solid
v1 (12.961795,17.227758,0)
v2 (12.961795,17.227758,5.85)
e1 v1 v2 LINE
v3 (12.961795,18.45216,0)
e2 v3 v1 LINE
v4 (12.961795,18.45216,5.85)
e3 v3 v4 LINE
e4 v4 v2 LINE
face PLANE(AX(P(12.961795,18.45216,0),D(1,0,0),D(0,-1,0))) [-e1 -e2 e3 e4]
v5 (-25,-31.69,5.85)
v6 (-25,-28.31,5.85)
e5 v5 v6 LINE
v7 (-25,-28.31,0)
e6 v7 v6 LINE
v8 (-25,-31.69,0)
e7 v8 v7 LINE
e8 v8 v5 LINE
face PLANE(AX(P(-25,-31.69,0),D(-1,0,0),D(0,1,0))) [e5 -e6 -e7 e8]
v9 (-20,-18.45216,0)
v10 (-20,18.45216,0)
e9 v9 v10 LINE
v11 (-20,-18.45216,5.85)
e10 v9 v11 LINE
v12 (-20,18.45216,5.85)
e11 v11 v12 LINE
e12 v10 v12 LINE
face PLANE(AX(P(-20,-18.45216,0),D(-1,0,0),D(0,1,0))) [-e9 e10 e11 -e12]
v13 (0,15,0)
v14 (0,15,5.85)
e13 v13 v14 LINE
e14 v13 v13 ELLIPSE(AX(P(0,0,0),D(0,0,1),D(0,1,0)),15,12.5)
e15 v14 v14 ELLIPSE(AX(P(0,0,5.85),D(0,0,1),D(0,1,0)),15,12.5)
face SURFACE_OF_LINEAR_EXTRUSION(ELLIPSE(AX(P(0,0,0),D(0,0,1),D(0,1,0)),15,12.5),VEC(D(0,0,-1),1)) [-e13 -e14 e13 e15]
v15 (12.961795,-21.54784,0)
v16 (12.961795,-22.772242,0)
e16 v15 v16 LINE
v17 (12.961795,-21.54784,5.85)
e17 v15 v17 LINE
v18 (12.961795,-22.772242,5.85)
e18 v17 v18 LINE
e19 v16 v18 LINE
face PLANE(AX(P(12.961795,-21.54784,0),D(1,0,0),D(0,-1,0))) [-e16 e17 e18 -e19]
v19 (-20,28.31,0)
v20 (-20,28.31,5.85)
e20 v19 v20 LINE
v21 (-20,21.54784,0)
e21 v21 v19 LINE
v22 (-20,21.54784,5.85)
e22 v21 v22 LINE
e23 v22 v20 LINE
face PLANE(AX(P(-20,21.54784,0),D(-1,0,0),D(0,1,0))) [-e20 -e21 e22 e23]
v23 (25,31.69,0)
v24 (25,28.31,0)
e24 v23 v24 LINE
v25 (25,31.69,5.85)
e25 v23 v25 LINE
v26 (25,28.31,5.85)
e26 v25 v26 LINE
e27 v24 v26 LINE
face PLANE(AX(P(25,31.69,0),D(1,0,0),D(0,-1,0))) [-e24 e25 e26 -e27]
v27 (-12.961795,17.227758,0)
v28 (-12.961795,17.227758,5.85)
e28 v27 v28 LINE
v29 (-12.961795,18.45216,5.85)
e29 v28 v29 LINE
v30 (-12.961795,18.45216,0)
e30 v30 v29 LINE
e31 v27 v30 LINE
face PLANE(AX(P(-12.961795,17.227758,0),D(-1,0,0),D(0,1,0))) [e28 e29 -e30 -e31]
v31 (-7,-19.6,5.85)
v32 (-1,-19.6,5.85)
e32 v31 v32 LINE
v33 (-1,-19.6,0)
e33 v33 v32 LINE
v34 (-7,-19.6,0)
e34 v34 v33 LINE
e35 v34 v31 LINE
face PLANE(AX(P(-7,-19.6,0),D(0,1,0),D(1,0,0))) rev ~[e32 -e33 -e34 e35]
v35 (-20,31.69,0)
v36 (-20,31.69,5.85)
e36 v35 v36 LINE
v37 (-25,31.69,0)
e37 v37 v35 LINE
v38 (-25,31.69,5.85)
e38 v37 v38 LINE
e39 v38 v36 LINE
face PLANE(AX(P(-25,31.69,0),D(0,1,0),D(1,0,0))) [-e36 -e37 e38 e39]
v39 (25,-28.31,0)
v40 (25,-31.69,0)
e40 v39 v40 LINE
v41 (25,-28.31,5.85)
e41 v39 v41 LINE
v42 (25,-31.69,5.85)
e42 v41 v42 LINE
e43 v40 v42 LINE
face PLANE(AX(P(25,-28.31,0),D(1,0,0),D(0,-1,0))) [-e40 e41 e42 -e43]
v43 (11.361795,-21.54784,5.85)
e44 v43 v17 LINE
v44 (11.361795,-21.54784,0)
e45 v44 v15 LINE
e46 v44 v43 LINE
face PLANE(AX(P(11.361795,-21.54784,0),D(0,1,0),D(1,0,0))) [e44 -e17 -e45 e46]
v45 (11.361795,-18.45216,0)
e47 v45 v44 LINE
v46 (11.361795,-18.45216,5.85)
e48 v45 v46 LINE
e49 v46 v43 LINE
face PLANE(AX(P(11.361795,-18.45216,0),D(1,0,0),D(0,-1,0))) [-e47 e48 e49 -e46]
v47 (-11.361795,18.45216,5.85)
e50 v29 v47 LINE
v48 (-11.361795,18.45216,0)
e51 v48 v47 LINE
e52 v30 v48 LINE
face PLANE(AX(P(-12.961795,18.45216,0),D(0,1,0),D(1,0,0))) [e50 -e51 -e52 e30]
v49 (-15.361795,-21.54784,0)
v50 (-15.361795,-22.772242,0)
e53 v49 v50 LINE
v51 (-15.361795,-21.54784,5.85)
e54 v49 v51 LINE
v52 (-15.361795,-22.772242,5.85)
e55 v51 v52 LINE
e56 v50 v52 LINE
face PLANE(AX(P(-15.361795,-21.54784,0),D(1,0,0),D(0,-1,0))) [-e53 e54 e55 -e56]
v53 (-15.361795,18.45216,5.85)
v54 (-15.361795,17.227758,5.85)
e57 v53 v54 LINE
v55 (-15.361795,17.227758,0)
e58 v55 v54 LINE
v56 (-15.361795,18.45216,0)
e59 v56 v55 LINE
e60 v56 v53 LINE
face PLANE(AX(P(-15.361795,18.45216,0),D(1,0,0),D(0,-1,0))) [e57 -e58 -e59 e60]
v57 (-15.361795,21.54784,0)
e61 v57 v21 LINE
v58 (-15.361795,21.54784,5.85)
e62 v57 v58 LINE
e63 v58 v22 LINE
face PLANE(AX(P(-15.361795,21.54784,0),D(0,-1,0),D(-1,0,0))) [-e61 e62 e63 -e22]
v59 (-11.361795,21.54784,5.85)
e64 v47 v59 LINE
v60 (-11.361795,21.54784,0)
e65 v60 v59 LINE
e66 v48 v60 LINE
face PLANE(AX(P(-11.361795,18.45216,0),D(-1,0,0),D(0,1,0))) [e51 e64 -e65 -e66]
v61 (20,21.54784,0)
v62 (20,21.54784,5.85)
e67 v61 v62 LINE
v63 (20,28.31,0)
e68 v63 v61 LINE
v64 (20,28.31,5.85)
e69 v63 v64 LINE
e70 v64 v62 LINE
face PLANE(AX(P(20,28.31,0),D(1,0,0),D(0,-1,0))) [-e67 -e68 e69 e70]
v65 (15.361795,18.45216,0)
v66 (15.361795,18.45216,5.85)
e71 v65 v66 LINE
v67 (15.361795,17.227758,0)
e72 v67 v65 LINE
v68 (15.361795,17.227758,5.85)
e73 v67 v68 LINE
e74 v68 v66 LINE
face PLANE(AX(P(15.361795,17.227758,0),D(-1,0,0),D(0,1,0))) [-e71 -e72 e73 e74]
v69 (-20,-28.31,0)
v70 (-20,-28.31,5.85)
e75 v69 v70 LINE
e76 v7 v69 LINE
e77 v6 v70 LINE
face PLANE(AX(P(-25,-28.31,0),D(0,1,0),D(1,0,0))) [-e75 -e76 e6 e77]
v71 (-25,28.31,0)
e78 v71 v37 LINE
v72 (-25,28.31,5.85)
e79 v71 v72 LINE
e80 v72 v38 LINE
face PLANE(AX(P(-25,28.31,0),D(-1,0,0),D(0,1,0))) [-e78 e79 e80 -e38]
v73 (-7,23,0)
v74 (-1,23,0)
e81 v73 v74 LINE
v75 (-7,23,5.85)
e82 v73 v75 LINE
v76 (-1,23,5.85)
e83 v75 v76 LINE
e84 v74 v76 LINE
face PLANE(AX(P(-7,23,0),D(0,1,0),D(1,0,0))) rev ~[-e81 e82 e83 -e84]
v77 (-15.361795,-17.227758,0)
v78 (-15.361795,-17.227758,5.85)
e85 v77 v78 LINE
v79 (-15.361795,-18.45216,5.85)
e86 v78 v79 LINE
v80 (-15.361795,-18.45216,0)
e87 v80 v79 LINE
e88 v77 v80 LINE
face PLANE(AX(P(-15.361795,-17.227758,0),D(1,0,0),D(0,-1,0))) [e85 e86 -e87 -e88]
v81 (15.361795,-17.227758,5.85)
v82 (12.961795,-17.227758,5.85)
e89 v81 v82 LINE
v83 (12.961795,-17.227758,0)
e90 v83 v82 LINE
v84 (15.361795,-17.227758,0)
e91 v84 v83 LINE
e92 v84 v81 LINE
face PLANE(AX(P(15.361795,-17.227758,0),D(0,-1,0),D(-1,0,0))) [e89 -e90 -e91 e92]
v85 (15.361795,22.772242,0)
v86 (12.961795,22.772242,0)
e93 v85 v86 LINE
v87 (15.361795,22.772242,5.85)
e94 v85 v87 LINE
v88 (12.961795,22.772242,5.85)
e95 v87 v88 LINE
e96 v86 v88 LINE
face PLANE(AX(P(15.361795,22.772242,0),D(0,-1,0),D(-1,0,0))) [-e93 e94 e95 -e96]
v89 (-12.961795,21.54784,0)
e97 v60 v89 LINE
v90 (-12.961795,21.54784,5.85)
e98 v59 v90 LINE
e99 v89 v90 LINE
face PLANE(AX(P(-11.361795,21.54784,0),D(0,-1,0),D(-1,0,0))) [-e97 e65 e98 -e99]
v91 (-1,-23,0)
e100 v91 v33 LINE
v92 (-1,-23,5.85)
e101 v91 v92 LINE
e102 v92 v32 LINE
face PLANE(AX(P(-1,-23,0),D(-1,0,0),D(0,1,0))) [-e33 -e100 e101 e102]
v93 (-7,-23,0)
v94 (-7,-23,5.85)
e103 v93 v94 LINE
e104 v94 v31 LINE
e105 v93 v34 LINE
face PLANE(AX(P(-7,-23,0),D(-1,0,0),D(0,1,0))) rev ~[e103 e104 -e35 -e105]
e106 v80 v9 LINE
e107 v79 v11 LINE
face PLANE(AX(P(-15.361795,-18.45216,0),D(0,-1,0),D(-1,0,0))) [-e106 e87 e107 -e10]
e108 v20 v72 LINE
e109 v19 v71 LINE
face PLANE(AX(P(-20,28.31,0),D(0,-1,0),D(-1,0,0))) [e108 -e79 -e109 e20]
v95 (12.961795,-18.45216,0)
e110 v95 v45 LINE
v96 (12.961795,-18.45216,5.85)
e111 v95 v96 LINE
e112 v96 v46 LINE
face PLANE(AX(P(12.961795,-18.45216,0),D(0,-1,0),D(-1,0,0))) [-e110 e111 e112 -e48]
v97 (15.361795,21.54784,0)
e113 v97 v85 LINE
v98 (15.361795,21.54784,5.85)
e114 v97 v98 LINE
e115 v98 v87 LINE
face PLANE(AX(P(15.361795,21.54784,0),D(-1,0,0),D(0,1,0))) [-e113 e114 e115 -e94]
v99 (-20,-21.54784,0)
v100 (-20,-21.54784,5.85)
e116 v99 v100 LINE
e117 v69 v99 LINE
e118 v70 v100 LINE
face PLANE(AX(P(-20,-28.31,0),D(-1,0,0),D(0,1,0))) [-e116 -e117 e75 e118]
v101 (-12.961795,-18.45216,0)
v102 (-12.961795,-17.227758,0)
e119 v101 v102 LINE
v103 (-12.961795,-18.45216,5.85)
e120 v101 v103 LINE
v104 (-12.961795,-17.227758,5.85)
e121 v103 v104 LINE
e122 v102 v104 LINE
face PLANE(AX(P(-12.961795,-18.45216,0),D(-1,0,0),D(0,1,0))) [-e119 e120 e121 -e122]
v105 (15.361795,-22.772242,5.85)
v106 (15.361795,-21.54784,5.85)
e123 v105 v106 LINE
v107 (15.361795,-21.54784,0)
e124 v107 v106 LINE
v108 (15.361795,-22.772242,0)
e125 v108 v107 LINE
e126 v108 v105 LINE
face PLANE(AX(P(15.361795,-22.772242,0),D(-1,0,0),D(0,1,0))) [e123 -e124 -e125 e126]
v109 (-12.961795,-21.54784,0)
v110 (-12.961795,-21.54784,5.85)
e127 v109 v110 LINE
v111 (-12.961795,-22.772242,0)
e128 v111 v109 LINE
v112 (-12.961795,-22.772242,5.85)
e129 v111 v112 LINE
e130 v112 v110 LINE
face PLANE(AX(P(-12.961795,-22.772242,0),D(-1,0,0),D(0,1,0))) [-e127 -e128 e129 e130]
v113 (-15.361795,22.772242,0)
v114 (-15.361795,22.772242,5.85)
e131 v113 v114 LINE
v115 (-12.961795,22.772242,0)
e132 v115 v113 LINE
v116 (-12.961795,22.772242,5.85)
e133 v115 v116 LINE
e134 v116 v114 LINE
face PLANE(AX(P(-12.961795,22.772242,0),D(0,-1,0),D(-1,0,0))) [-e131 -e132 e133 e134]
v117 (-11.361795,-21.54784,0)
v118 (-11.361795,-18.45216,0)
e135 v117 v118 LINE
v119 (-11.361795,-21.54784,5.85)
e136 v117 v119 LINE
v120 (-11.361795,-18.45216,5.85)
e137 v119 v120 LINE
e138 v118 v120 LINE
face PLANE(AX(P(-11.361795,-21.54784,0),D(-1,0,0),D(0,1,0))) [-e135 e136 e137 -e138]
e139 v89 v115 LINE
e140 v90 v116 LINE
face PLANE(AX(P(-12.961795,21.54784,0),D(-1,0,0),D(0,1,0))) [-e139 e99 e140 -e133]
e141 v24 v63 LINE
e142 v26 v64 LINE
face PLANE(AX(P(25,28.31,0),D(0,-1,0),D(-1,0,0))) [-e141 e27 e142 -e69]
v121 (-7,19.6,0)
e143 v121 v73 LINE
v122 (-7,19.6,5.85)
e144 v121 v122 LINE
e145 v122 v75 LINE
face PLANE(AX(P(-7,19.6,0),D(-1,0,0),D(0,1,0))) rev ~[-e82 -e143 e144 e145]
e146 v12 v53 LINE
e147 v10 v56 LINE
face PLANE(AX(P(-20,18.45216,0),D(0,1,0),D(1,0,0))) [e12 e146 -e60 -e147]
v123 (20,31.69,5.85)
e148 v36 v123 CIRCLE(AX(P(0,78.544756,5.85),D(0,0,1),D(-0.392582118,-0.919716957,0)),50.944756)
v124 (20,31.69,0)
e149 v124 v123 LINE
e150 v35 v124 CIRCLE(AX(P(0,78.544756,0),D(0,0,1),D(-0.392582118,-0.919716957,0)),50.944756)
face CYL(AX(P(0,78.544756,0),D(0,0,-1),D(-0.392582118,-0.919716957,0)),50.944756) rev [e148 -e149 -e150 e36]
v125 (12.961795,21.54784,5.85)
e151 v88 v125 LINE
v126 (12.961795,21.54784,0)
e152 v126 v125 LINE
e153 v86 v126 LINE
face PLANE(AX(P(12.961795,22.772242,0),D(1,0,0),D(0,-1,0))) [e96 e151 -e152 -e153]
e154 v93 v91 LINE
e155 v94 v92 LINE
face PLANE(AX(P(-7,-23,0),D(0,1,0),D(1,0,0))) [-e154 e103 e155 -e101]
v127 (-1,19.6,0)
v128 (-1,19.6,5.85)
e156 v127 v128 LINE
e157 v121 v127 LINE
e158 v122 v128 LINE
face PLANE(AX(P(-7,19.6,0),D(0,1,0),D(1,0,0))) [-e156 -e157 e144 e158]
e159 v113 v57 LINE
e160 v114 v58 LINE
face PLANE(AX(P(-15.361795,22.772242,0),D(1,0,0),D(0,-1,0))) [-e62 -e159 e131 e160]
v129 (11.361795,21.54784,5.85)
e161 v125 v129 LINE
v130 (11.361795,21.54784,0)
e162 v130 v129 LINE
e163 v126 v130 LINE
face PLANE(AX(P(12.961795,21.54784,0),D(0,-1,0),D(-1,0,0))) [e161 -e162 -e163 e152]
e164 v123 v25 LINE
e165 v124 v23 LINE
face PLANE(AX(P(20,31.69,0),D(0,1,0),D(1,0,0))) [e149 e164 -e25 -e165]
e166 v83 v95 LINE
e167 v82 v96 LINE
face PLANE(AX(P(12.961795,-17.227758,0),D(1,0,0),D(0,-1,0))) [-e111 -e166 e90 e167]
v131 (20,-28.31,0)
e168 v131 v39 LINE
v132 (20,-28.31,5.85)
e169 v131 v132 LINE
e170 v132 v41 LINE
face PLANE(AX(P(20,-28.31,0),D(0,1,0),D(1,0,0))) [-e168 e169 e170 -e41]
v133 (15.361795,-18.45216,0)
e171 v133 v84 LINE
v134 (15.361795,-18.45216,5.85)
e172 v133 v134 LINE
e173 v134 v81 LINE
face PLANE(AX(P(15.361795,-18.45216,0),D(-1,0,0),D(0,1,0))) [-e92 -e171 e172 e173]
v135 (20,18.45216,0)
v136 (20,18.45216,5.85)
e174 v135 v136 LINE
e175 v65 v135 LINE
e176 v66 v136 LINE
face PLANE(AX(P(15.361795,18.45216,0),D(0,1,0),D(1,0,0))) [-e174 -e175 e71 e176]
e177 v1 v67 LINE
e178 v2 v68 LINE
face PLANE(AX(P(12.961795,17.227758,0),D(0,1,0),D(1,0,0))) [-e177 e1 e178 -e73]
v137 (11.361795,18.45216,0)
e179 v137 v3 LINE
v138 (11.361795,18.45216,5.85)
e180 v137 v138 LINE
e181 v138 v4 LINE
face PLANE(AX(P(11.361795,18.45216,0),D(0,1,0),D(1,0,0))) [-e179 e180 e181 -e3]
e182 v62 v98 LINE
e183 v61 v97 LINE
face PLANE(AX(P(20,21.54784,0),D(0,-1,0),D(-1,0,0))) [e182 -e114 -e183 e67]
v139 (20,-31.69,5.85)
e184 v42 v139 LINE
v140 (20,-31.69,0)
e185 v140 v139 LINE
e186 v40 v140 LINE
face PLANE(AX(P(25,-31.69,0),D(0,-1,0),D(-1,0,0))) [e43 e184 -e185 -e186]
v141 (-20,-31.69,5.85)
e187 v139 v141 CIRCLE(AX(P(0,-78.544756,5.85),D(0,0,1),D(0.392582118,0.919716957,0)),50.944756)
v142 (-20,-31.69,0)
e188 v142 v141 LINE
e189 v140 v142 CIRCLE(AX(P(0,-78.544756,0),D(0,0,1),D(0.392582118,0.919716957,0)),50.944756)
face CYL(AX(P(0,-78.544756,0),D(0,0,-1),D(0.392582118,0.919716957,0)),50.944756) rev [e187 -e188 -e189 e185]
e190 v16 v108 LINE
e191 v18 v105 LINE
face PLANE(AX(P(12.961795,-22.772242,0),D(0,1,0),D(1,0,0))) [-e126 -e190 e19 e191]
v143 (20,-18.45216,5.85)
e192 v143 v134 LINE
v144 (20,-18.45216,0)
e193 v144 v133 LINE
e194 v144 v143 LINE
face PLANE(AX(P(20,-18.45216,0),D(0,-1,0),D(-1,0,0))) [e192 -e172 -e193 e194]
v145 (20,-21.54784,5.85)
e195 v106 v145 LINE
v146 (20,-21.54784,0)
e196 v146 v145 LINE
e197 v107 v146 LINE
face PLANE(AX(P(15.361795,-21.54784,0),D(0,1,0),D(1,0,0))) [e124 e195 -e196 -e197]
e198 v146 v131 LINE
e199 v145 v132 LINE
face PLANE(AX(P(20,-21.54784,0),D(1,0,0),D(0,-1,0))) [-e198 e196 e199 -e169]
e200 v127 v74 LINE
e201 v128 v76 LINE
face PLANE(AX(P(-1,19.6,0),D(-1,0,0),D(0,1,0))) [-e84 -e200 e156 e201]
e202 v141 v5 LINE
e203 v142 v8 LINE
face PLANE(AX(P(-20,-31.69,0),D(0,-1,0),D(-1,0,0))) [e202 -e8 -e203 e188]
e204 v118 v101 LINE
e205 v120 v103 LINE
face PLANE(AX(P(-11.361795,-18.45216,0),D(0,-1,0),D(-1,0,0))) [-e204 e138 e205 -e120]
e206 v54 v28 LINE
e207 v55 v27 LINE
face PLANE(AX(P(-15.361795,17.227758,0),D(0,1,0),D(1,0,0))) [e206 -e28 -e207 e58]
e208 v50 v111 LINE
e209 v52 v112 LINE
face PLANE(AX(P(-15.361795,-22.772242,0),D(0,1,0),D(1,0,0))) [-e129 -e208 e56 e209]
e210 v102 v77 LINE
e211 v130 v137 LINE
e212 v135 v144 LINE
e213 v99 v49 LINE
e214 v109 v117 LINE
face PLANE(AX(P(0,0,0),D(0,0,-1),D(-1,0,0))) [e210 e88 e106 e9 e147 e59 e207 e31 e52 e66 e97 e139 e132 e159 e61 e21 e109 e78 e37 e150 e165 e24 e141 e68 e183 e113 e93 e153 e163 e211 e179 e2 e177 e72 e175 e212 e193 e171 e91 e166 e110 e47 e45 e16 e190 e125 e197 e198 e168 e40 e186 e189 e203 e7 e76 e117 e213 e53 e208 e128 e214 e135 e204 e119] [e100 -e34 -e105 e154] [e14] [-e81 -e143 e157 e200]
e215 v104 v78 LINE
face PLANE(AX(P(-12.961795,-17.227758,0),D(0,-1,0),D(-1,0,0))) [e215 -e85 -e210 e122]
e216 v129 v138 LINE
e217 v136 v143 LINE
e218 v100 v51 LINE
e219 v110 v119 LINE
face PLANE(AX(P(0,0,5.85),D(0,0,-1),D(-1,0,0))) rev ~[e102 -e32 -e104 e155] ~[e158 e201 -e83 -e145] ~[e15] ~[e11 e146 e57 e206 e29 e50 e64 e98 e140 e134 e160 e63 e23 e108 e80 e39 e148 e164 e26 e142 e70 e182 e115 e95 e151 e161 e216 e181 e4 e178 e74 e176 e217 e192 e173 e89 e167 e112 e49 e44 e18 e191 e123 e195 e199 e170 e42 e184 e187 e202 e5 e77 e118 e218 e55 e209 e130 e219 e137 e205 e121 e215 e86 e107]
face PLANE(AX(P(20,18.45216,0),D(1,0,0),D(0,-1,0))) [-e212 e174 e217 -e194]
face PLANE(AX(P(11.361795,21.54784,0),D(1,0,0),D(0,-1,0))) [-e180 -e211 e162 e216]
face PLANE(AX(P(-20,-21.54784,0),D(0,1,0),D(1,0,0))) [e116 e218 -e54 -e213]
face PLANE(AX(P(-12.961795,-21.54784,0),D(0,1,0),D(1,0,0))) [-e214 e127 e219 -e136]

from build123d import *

# Parameters (mm, degrees)
SKETCH1_RX          = 15
SKETCH1_RY          = 12.5
SKETCH1_W           = 6
SKETCH1_H           = 3.4
BOSS_EXTRUDE1_DEPTH = 5.85


with BuildPart() as part:
    # Sketch1 → Boss-Extrude1 (new body)
    with BuildSketch(Plane.XY):
        with BuildLine():
            Line((12.961794972, -22.772242018), (15.361794972, -22.772242018))
            Line((15.361794972, -22.772242018), (15.361794972, -21.547840006))
            Line((15.361794972, -21.547840006), (20, -21.547840006))
            Line((20, -21.547840006), (20, -28.31))
            Line((20, -28.31), (25, -28.31))
            Line((25, -28.31), (25, -31.69))
            Line((25, -31.69), (20, -31.69))
            ThreePointArc((20, -31.69), (0, -27.6), (-20, -31.69))
            Line((-20, -31.69), (-25, -31.69))
            Line((-25, -31.69), (-25, -28.31))
            Line((-25, -28.31), (-20, -28.31))
            Line((-20, -28.31), (-20, -21.547840006))
            Line((-20, -21.547840006), (-15.361794972, -21.547840006))
            Line((-15.361794972, -21.547840006), (-15.361794972, -22.772242018))
            Line((-15.361794972, -22.772242018), (-12.961794972, -22.772242018))
            Line((-12.961794972, -22.772242018), (-12.961794972, -21.547840006))
            Line((-12.961794972, -21.547840006), (-11.361794972, -21.547840006))
            Line((-11.361794972, -21.547840006), (-11.361794972, -18.452159994))
            Line((-11.361794972, -18.452159994), (-12.961794972, -18.452159994))
            Line((-12.961794972, -18.452159994), (-12.961794972, -17.227757982))
            Line((-12.961794972, -17.227757982), (-15.361794972, -17.227757982))
            Line((-15.361794972, -17.227757982), (-15.361794972, -18.452159994))
            Line((-15.361794972, -18.452159994), (-20, -18.452159994))
            Line((-20, -18.452159994), (-20, 0))
            Line((-20, 0), (-20, 18.452159994))
            Line((-20, 18.452159994), (-15.361794972, 18.452159994))
            Line((-15.361794972, 18.452159994), (-15.361794972, 17.227757982))
            Line((-15.361794972, 17.227757982), (-12.961794972, 17.227757982))
            Line((-12.961794972, 17.227757982), (-12.961794972, 18.452159994))
            Line((-12.961794972, 18.452159994), (-11.361794972, 18.452159994))
            Line((-11.361794972, 18.452159994), (-11.361794972, 21.547840006))
            Line((-11.361794972, 21.547840006), (-12.961794972, 21.547840006))
            Line((-12.961794972, 21.547840006), (-12.961794972, 22.772242018))
            Line((-12.961794972, 22.772242018), (-15.361794972, 22.772242018))
            Line((-15.361794972, 22.772242018), (-15.361794972, 21.547840006))
            Line((-15.361794972, 21.547840006), (-20, 21.547840006))
            Line((-20, 21.547840006), (-20, 28.31))
            Line((-20, 28.31), (-25, 28.31))
            Line((-25, 28.31), (-25, 31.69))
            Line((-25, 31.69), (-20, 31.69))
            ThreePointArc((-20, 31.69), (0, 27.6), (20, 31.69))
            Line((20, 31.69), (25, 31.69))
            Line((25, 31.69), (25, 28.31))
            Line((25, 28.31), (20, 28.31))
            Line((20, 28.31), (20, 21.547840006))
            Line((20, 21.547840006), (15.361794972, 21.547840006))
            Line((15.361794972, 21.547840006), (15.361794972, 22.772242018))
            Line((15.361794972, 22.772242018), (12.961794972, 22.772242018))
            Line((12.961794972, 22.772242018), (12.961794972, 21.547840006))
            Line((12.961794972, 21.547840006), (11.361794972, 21.547840006))
            Line((11.361794972, 21.547840006), (11.361794972, 18.452159994))
            Line((11.361794972, 18.452159994), (12.961794972, 18.452159994))
            Line((12.961794972, 18.452159994), (12.961794972, 17.227757982))
            Line((12.961794972, 17.227757982), (15.361794972, 17.227757982))
            Line((15.361794972, 17.227757982), (15.361794972, 18.452159994))
            Line((15.361794972, 18.452159994), (20, 18.452159994))
            Line((20, 18.452159994), (20, 0))
            Line((20, 0), (20, -18.452159994))
            Line((20, -18.452159994), (15.361794972, -18.452159994))
            Line((15.361794972, -18.452159994), (15.361794972, -17.227757982))
            Line((15.361794972, -17.227757982), (12.961794972, -17.227757982))
            Line((12.961794972, -17.227757982), (12.961794972, -18.452159994))
            Line((12.961794972, -18.452159994), (11.361794972, -18.452159994))
            Line((11.361794972, -18.452159994), (11.361794972, -21.547840006))
            Line((11.361794972, -21.547840006), (12.961794972, -21.547840006))
            Line((12.961794972, -21.547840006), (12.961794972, -22.772242018))
        make_face()
        with Locations(Location((0, 0), (0, 0, 90))):
            Ellipse(SKETCH1_RX, SKETCH1_RY, mode=Mode.SUBTRACT)
        with Locations((-4, 21.3)):
            Rectangle(SKETCH1_W, SKETCH1_H, mode=Mode.SUBTRACT)
        with Locations((-4, -21.3)):
            Rectangle(SKETCH1_W, SKETCH1_H, mode=Mode.SUBTRACT)
    extrude(amount=BOSS_EXTRUDE1_DEPTH)


solid = part.part
